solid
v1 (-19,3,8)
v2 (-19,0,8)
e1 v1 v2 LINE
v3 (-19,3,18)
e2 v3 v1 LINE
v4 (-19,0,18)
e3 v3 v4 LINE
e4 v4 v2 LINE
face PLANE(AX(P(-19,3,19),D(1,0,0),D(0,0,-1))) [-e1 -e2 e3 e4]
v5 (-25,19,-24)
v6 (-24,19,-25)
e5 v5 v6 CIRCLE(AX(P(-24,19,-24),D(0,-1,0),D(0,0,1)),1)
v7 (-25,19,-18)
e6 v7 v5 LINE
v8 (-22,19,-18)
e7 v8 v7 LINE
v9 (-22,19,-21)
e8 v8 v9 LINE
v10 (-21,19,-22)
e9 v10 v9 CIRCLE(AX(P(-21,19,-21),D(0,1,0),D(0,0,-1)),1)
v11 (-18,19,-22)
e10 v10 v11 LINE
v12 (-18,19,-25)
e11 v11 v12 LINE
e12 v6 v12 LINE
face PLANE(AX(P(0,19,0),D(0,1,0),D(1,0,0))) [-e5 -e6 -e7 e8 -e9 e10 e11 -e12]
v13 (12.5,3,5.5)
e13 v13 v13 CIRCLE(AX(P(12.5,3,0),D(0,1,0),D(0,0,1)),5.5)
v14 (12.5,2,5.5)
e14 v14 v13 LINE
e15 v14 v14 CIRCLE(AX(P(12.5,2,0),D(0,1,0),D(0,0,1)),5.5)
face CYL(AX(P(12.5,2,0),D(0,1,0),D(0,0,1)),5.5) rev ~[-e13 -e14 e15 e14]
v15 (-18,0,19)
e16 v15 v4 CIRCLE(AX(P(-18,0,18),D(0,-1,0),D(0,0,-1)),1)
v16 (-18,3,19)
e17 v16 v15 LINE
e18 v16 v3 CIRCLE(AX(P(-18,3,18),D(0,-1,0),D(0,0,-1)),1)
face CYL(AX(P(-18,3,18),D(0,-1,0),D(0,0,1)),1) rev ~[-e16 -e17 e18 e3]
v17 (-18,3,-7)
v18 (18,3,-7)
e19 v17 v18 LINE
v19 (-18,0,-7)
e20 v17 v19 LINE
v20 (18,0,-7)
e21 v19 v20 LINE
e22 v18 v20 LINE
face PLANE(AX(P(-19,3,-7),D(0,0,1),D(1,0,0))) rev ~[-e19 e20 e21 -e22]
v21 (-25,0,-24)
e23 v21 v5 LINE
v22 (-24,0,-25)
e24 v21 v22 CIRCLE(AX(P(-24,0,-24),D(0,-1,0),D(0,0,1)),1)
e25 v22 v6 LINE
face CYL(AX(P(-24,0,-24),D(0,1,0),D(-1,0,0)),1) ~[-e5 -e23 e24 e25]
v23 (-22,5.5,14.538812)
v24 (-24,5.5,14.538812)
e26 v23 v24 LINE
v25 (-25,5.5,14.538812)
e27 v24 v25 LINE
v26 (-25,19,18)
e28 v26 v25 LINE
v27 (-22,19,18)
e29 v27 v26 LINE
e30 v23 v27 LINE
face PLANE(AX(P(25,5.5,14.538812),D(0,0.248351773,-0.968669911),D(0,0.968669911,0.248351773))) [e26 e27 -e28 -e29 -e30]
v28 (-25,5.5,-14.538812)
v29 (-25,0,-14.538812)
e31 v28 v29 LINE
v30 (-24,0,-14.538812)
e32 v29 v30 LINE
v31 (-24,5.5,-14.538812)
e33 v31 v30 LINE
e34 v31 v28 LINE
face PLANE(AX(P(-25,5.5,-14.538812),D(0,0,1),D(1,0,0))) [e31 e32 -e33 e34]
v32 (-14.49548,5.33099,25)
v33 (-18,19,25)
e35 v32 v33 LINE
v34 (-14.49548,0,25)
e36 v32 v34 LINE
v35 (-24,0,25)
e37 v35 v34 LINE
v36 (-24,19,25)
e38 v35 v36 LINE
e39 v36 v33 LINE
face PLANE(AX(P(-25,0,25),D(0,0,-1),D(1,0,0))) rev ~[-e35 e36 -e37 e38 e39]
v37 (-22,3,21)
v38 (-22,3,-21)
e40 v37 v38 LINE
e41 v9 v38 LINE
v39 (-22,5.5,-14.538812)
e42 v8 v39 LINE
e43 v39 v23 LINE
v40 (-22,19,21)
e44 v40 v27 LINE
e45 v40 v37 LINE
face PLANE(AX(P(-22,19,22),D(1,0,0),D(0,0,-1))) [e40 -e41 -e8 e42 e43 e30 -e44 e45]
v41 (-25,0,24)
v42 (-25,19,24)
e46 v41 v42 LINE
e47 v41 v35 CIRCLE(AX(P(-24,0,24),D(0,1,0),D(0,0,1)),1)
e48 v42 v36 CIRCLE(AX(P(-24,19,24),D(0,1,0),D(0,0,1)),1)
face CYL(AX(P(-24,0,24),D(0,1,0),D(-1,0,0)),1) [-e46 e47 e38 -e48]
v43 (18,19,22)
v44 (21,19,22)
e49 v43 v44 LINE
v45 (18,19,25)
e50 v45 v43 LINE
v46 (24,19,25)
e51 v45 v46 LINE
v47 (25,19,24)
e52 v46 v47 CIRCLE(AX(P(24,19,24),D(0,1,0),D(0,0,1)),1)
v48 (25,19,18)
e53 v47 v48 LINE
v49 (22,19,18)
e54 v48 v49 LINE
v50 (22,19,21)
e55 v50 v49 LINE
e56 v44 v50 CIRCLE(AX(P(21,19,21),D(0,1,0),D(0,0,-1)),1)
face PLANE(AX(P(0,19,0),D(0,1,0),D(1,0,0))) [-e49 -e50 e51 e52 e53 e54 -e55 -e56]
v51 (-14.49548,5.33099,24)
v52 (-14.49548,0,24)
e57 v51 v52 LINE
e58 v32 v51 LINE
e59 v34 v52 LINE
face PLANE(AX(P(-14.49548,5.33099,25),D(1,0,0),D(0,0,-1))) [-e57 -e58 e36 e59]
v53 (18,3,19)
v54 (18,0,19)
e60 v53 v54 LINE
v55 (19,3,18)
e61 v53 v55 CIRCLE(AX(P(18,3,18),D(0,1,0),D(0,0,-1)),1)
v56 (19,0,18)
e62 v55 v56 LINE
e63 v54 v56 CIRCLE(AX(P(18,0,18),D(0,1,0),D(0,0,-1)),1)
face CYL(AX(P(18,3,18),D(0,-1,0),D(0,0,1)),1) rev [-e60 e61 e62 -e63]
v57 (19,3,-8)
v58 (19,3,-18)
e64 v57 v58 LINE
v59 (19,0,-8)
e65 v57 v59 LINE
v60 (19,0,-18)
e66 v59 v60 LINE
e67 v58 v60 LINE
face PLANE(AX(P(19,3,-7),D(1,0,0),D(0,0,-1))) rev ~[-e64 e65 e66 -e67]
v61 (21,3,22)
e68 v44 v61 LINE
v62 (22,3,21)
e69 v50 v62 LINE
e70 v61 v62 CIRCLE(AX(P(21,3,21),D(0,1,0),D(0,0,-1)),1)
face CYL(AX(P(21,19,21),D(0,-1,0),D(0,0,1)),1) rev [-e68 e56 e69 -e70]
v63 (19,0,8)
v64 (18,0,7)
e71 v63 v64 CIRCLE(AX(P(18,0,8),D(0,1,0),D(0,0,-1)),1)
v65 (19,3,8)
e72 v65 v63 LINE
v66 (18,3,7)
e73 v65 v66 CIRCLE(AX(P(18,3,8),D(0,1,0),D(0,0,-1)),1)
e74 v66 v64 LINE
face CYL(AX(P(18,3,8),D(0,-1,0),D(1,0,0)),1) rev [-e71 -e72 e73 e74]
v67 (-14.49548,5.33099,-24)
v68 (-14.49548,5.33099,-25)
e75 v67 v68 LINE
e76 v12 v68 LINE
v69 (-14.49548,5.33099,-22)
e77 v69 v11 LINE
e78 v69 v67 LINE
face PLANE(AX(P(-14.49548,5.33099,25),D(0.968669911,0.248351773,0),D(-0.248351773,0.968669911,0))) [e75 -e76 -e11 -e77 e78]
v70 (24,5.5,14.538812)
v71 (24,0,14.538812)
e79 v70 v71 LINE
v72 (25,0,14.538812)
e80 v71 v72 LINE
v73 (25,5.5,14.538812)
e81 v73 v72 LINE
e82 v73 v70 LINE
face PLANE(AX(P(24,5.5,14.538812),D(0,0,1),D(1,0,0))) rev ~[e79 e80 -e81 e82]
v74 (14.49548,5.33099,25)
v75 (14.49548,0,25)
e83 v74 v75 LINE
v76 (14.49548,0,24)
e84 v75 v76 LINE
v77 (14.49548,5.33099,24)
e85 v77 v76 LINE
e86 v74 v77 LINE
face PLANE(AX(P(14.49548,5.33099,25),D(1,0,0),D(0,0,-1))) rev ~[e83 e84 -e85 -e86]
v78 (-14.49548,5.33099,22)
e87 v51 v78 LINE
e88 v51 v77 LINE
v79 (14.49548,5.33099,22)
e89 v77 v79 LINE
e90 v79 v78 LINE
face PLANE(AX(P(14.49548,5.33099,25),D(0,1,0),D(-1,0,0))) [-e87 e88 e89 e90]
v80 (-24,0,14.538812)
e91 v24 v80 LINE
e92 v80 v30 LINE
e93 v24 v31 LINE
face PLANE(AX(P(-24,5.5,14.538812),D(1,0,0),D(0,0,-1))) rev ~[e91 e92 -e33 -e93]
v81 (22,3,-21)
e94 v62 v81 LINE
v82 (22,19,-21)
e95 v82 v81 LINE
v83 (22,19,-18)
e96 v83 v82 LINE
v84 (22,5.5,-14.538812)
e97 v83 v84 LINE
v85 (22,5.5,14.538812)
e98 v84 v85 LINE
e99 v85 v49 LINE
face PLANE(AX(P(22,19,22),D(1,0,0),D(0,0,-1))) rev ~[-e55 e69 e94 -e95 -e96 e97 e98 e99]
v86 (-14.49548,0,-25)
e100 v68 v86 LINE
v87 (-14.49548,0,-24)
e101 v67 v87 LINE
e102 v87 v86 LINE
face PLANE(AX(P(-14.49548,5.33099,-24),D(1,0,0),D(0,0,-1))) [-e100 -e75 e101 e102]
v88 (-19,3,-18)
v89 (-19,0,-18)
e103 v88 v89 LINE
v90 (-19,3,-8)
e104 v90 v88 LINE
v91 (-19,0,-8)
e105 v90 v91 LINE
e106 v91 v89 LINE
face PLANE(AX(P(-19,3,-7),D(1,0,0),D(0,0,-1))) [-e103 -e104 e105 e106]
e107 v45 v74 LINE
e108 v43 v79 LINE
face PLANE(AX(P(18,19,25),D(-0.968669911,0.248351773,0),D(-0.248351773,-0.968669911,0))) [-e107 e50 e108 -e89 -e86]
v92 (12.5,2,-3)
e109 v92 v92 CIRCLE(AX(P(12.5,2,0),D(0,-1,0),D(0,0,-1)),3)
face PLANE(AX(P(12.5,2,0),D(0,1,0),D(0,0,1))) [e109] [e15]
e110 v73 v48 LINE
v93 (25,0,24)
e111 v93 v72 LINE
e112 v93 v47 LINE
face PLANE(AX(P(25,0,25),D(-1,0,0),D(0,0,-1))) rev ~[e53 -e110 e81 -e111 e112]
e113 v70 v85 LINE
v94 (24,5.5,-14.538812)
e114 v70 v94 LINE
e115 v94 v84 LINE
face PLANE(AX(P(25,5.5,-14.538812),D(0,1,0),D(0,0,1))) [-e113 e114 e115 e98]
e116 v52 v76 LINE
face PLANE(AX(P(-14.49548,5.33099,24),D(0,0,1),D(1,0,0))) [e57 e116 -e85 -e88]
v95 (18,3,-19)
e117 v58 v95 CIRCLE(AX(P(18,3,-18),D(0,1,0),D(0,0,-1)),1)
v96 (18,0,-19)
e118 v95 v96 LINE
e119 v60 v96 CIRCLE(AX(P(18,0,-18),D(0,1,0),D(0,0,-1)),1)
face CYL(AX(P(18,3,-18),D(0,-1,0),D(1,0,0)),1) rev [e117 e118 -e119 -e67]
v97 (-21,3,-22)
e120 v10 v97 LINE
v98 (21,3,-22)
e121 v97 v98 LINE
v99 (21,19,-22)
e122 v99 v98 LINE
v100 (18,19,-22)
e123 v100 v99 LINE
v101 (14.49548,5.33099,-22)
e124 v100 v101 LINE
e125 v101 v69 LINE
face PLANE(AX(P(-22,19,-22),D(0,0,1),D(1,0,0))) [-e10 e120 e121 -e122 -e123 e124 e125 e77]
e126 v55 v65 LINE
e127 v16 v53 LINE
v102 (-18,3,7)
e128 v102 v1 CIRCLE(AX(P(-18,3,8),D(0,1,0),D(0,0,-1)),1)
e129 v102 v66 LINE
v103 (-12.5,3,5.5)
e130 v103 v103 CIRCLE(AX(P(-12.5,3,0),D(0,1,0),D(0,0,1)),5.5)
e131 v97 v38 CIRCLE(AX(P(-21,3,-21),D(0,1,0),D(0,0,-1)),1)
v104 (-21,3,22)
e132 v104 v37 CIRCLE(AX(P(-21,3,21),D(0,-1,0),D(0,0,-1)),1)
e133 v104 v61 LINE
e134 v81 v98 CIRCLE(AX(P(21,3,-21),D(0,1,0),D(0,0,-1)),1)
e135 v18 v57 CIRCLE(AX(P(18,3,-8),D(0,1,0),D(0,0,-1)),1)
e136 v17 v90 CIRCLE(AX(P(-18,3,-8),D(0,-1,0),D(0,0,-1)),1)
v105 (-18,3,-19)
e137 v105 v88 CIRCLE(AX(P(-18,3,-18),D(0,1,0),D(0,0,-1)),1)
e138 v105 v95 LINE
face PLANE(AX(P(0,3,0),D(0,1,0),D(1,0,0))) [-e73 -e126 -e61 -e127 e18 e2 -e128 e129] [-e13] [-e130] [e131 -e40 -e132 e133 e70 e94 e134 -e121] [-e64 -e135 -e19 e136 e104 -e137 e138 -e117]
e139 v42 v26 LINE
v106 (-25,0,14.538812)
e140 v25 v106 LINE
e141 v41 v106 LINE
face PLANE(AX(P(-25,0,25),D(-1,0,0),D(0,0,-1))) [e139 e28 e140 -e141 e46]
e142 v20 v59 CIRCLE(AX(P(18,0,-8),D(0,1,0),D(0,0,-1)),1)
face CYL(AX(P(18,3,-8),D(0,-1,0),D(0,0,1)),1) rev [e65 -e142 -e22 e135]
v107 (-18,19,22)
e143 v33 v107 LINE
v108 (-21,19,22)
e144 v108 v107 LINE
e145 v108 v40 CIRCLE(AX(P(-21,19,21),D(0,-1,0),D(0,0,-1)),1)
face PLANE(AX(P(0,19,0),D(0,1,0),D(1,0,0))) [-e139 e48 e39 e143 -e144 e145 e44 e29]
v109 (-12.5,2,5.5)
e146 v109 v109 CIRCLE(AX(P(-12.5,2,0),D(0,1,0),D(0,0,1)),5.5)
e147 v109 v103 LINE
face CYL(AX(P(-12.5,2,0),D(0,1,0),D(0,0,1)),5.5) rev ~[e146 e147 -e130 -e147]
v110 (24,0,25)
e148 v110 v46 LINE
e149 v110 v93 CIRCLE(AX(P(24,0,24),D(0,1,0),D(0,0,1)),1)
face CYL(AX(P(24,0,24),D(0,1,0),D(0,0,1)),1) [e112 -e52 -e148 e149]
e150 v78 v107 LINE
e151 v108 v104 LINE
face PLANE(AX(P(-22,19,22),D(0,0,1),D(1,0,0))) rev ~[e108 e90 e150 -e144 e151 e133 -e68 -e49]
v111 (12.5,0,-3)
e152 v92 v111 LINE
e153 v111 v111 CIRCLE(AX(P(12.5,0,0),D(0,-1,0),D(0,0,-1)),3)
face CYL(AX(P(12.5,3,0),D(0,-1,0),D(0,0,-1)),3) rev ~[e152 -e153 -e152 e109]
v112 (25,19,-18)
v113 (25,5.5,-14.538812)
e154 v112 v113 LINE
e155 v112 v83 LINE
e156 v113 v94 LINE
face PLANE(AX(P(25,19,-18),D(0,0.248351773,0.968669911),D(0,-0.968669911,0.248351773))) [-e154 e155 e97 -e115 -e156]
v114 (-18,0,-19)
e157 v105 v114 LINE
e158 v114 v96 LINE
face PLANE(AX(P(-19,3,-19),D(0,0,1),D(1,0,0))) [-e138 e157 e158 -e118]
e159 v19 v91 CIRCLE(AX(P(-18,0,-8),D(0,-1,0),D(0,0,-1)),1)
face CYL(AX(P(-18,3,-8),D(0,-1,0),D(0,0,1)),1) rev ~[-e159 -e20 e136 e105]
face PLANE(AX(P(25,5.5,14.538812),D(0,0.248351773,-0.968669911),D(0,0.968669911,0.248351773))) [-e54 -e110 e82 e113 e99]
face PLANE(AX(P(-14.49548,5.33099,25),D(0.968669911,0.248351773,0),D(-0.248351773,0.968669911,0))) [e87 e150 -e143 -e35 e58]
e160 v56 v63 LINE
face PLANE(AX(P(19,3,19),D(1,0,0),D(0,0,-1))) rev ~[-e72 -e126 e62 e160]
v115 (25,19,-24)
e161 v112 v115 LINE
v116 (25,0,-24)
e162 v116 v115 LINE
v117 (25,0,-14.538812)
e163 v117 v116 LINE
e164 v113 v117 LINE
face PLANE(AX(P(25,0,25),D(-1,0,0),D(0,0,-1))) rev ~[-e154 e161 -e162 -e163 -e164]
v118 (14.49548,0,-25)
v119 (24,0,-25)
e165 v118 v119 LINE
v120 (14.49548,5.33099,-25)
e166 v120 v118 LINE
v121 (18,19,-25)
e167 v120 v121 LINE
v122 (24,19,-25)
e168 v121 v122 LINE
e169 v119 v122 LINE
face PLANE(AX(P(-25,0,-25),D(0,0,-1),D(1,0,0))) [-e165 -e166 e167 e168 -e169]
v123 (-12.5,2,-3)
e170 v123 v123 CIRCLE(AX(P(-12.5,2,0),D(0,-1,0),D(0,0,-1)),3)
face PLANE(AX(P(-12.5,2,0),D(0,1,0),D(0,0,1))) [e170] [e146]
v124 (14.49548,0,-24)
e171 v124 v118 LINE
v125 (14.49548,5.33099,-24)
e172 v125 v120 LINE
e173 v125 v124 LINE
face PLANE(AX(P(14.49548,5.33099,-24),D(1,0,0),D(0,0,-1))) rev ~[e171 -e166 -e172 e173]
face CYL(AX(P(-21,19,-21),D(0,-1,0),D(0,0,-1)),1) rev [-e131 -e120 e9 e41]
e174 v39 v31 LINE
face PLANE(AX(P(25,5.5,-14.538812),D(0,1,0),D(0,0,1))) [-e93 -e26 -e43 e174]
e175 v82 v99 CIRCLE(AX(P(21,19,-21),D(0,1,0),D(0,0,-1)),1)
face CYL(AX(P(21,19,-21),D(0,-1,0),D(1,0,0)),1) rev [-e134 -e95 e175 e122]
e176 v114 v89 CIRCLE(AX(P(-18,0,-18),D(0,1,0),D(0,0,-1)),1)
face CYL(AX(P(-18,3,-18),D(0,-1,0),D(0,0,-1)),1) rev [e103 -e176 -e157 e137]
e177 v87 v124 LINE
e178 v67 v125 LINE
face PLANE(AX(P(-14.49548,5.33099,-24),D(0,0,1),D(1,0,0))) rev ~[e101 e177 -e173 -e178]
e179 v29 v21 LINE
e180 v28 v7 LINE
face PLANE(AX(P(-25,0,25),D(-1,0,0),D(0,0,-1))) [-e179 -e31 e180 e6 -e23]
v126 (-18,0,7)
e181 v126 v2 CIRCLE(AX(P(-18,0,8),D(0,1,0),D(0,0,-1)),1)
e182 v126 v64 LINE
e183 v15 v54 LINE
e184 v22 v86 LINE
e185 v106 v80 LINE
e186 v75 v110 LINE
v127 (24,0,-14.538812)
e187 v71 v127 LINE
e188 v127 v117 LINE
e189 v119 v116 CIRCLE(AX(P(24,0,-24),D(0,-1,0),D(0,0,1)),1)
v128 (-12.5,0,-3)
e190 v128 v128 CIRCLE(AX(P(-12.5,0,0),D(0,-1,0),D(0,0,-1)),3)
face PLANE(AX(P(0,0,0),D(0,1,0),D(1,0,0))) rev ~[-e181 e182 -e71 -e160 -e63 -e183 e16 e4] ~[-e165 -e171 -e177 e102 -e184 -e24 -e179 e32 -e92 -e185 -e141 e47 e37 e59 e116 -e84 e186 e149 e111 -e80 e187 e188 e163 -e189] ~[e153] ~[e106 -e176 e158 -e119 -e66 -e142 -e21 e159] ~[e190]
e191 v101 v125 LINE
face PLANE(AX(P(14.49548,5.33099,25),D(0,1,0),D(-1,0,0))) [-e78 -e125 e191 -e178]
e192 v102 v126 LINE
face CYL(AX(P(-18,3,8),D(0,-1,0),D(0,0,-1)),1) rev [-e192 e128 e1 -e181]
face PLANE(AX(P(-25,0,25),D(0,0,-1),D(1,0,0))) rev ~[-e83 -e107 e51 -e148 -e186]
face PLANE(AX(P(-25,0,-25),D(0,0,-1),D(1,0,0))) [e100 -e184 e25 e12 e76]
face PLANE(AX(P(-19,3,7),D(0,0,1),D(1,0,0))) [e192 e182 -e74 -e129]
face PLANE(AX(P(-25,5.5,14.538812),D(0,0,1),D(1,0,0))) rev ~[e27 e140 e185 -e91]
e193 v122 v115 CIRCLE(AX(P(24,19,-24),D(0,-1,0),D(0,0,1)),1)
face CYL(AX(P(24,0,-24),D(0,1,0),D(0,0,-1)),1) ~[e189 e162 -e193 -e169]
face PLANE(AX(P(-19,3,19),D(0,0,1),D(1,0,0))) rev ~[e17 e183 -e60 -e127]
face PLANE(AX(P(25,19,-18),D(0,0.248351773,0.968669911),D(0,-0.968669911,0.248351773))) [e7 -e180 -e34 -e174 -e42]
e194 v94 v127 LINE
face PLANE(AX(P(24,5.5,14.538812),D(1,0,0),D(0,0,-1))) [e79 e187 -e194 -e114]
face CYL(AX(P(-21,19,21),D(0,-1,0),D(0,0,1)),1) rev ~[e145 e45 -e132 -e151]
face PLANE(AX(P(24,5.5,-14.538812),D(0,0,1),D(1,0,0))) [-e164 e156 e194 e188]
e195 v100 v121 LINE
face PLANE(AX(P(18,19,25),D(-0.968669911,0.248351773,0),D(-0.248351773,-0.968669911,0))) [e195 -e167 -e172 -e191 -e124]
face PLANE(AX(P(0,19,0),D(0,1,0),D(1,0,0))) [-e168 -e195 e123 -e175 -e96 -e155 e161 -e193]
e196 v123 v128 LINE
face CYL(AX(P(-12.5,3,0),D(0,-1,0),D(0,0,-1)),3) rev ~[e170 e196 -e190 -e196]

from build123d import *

# Parameters (mm, degrees)
SKETCH1_W                      = 50
SKETCH1_H                      = 50
BOSS_EXTRUDE1_DEPTH            = 19
SKETCH2_W                      = 44
SKETCH2_H                      = 44
CUT_EXTRUDE1_DEPTH             = 16
CBORE_FOR_M6_SHCS1_D           = 6
CBORE_FOR_M6_SHCS1_CBORE_D     = 11
CBORE_FOR_M6_SHCS1_CBORE_DEPTH = 1
SKETCH6_W                      = 38
SKETCH6_H                      = 12
CUT_EXTRUDE2_DEPTH             = 16
FILLET1_R                      = 1
FILLET3_R                      = 1
CUT_EXTRUDE3_DEPTH             = 51
CUT_EXTRUDE4_DEPTH             = 51
SKETCH9_W                      = 1
SKETCH9_H                      = 29.077623466
CUT_EXTRUDE5_DEPTH             = 10
SKETCH10_W                     = 28.99096046
SKETCH10_H                     = 1
CUT_EXTRUDE6_DEPTH             = 10
SKETCH11_W                     = 28.99096046
SKETCH11_H                     = 1
CUT_EXTRUDE7_DEPTH             = 10
SKETCH12_W                     = 1
SKETCH12_H                     = 29.077623466
CUT_EXTRUDE8_DEPTH             = 10


with BuildPart() as part:
    # Sketch1 → Boss-Extrude1 (new body)
    with BuildSketch(Plane(origin=(0, 0, 0), x_dir=(1, 0, 0), z_dir=(0, 1, 0))):
        Rectangle(SKETCH1_W, SKETCH1_H)
    extrude(amount=BOSS_EXTRUDE1_DEPTH)

    # Sketch2 → Cut-Extrude1 (cut)
    with BuildSketch(Plane(origin=(0, 19, 0), x_dir=(1, 0, 0), z_dir=(0, 1, 0))):
        Rectangle(SKETCH2_W, SKETCH2_H)
    extrude(amount=-CUT_EXTRUDE1_DEPTH, mode=Mode.SUBTRACT)

    # CBORE for M6 SHCS1 (through all)
    with Locations(Plane(origin=(-12.5, 3, 0), x_dir=(0, 0, 1), z_dir=(0, 1, 0))):
        with Locations((0, 0), (0, 25)):
            CounterBoreHole(CBORE_FOR_M6_SHCS1_D / 2, CBORE_FOR_M6_SHCS1_CBORE_D / 2, CBORE_FOR_M6_SHCS1_CBORE_DEPTH)

    # Sketch6 → Cut-Extrude2 (cut)
    with BuildSketch(Plane(origin=(0, 3, 0), x_dir=(1, 0, 0), z_dir=(0, 1, 0))):
        with Locations((0, -13)):
            Rectangle(SKETCH6_W, SKETCH6_H)
        with Locations((0, 13)):
            Rectangle(SKETCH6_W, SKETCH6_H)
    extrude(amount=-CUT_EXTRUDE2_DEPTH, mode=Mode.SUBTRACT)

    # Fillet1
    fillet1_edges = [part.edges().sort_by_distance(p)[0] for p in [
        (-22, 11, 22),
        (-22, 11, -22),
        (22, 11, -22),
        (22, 11, 22),
        (-19, 1.5, 19),
        (-19, 1.5, 7),
        (19, 1.5, 7),
        (19, 1.5, 19),
        (-19, 1.5, -7),
        (-19, 1.5, -19),
        (19, 1.5, -19),
        (19, 1.5, -7),
    ]]
    fillet(fillet1_edges, radius=FILLET1_R)

    # Fillet3
    fillet3_edges = [part.edges().sort_by_distance(p)[0] for p in [
        (-25, 9.5, -25),
        (25, 9.5, -25),
        (25, 9.5, 25),
        (-25, 9.5, 25),
    ]]
    fillet(fillet3_edges, radius=FILLET3_R)

    # Sketch7 → Cut-Extrude3 (cut, through all)
    with BuildSketch(Plane(origin=(25, 0, 0), x_dir=(0, 0, -1), z_dir=(1, 0, 0))):
        Polygon((14.538811733, 5.5), (-14.538811733, 5.5), (-18, 19), (18, 19), align=None)
    extrude(amount=-CUT_EXTRUDE3_DEPTH, mode=Mode.SUBTRACT)

    # Sketch8 → Cut-Extrude4 (cut, through all)
    with BuildSketch(Plane.XY.offset(25)):
        Polygon((-18, 19), (18, 19), (14.49548023, 5.330990042), (-14.49548023, 5.330990042), align=None)
    extrude(amount=-CUT_EXTRUDE4_DEPTH, mode=Mode.SUBTRACT)

    # Sketch9 → Cut-Extrude5 (cut)
    with BuildSketch(Plane(origin=(0, 5.5, 0), x_dir=(1, 0, 0), z_dir=(0, 1, 0))):
        with Locations((24.5, 0)):
            Rectangle(SKETCH9_W, SKETCH9_H)
    extrude(amount=-CUT_EXTRUDE5_DEPTH, mode=Mode.SUBTRACT)

    # Sketch10 → Cut-Extrude6 (cut)
    with BuildSketch(Plane(origin=(0, 5.330990042, 0), x_dir=(1, 0, 0), z_dir=(0, 1, 0))):
        with Locations((0, -24.5)):
            Rectangle(SKETCH10_W, SKETCH10_H)
    extrude(amount=-CUT_EXTRUDE6_DEPTH, mode=Mode.SUBTRACT)

    # Sketch11 → Cut-Extrude7 (cut)
    with BuildSketch(Plane(origin=(0, 5.330990042, 0), x_dir=(1, 0, 0), z_dir=(0, 1, 0))):
        with Locations((0, 24.5)):
            Rectangle(SKETCH11_W, SKETCH11_H)
    extrude(amount=-CUT_EXTRUDE7_DEPTH, mode=Mode.SUBTRACT)

    # Sketch12 → Cut-Extrude8 (cut)
    with BuildSketch(Plane(origin=(0, 5.5, 0), x_dir=(1, 0, 0), z_dir=(0, 1, 0))):
        with Locations((-24.5, 0)):
            Rectangle(SKETCH12_W, SKETCH12_H)
    extrude(amount=-CUT_EXTRUDE8_DEPTH, mode=Mode.SUBTRACT)


solid = part.part
